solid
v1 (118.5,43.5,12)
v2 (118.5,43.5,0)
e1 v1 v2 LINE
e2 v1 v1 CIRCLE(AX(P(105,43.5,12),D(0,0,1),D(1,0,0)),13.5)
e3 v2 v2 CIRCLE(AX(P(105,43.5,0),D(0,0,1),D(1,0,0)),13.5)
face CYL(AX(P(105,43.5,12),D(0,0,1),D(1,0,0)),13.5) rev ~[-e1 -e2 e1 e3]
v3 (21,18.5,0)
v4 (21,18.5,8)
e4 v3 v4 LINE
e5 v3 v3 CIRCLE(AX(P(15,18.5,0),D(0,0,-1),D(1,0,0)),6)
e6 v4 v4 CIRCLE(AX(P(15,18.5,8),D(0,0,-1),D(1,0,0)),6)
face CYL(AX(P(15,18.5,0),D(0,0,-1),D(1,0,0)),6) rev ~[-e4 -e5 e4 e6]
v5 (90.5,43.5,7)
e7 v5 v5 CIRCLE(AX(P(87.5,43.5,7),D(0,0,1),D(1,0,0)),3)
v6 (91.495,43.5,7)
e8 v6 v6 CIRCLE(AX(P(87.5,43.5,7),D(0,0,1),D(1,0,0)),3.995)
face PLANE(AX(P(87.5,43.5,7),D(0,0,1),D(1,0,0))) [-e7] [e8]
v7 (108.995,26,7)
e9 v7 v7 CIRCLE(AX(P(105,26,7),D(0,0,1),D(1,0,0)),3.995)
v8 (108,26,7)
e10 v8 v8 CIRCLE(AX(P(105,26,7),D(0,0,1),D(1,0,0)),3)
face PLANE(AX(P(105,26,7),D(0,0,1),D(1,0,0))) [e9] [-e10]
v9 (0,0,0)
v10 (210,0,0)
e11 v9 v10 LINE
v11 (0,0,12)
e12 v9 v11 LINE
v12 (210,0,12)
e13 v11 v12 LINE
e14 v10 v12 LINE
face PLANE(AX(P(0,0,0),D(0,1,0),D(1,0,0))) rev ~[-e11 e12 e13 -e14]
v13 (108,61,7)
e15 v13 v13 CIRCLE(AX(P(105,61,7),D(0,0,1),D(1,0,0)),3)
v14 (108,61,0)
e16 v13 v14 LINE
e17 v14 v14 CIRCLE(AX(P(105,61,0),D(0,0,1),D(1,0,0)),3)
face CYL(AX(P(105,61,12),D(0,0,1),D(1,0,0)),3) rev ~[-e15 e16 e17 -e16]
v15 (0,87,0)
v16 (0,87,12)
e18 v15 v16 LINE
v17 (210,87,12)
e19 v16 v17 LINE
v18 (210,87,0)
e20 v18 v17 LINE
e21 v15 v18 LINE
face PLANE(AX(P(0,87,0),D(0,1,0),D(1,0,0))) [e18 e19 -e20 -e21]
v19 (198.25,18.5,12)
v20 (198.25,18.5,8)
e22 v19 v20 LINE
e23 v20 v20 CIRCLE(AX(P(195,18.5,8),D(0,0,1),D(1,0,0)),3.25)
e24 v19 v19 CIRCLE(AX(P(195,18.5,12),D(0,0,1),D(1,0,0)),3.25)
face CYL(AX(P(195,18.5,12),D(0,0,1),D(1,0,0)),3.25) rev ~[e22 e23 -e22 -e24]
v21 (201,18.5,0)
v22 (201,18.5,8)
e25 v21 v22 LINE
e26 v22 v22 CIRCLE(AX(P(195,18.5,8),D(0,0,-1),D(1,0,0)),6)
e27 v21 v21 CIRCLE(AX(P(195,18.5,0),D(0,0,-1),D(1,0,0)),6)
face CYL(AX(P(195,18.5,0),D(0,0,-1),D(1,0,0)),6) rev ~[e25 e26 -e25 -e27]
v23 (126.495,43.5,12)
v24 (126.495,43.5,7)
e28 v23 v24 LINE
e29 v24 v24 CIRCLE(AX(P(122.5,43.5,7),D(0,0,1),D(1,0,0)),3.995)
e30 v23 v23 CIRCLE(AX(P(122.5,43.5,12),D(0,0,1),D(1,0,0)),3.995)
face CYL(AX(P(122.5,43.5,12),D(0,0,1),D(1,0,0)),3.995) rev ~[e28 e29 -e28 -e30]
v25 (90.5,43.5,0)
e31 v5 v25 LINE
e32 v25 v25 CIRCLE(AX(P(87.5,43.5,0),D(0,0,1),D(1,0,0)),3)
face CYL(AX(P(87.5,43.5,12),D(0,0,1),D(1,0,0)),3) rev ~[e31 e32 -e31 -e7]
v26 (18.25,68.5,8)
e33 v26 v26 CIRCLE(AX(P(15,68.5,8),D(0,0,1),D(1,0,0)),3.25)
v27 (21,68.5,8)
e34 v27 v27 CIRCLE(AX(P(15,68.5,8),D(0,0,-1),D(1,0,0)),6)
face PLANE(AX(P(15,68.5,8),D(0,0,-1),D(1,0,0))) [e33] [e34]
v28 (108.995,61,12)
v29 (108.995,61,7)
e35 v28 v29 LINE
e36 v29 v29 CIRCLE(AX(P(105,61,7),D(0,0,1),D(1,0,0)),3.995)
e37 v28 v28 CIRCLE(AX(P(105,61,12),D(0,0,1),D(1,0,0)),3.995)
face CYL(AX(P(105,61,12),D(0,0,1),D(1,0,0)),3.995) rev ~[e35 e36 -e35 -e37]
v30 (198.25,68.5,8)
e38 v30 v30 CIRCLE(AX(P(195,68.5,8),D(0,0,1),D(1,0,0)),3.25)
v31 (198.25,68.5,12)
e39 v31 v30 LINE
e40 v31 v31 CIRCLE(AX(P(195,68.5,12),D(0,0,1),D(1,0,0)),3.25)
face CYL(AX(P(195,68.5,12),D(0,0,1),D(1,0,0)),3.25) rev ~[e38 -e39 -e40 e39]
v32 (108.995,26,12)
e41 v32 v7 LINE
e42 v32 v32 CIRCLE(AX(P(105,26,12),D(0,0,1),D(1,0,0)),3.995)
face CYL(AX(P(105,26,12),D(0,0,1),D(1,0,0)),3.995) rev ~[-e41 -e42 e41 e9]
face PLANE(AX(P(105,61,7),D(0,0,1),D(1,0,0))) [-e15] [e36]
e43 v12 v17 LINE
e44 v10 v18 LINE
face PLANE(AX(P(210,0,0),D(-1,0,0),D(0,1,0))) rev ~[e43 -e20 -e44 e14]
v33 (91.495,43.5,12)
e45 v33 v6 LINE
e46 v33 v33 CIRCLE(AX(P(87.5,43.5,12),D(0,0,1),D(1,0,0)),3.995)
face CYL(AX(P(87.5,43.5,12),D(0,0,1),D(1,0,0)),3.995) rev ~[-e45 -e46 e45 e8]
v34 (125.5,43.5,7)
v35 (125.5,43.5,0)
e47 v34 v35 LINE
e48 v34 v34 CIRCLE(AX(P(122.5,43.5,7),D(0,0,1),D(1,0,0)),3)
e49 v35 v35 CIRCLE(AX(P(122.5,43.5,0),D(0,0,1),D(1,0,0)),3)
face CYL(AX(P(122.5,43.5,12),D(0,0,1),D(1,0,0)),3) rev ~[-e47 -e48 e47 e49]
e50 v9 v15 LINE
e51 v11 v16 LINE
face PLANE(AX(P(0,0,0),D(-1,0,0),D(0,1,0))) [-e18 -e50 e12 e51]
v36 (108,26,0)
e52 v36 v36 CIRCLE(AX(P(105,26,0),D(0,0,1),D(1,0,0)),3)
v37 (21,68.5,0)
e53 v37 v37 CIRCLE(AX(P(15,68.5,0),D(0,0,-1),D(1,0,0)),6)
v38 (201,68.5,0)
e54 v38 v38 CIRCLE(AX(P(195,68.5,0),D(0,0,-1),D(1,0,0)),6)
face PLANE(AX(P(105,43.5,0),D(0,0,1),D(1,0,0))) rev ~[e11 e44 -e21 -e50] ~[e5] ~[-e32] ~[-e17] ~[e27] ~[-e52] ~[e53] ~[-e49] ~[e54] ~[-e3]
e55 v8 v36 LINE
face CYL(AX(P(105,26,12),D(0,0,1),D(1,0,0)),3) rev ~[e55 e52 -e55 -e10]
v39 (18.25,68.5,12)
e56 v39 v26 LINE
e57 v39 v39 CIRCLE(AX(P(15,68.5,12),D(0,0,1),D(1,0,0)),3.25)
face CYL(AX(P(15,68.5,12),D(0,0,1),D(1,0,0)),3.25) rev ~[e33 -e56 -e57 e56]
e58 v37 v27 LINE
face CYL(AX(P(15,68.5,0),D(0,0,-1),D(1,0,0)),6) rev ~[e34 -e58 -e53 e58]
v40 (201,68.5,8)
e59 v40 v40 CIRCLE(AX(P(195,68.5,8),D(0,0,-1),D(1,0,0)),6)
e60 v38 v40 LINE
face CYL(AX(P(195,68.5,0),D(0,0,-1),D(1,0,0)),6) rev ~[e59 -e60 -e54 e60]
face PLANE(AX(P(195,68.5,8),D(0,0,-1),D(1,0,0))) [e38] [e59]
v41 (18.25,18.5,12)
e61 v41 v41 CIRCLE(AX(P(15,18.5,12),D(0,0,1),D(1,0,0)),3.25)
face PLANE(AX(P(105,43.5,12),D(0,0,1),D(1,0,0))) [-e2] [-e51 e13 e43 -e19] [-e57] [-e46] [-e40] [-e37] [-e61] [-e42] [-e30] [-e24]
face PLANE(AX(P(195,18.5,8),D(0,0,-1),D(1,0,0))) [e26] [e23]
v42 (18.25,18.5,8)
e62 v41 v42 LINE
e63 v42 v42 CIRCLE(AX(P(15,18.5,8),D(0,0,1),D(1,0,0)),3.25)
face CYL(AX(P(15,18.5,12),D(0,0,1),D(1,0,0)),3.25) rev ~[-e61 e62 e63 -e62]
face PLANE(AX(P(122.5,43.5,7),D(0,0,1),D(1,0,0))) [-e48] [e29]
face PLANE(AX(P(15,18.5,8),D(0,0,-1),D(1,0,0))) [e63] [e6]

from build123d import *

# Parameters (mm, degrees)
F0_W      = 210
F0_H      = 87
F1_DEPTH  = 12
F2_R      = 3.25
F3_DEPTH  = 12.001
F4_R      = 13.5
F5_DEPTH  = 12.001
F6_R      = 3
F7_DEPTH  = 12.001
F8_R      = 3.995
F9_DEPTH  = 5
F10_R     = 6
F11_DEPTH = 8


with BuildPart() as f1:
    # F0 (on Top) → F1 (new body)
    with BuildSketch(Plane.XY):
        with Locations((105, 43.5)):
            Rectangle(F0_W, F0_H)
    extrude(amount=F1_DEPTH)

    # F2 (on face) → F3 (cut, through all)
    with BuildSketch(Plane.XY.offset(12)):
        with Locations((15, 68.5)):
            Circle(F2_R)
        with Locations((195, 68.5)):
            Circle(F2_R)
        with Locations((195, 18.5)):
            Circle(F2_R)
        with Locations((15, 18.5)):
            Circle(F2_R)
    extrude(amount=-F3_DEPTH, mode=Mode.SUBTRACT)

    # F4 (on face) → F5 (cut, through all)
    with BuildSketch(Plane.XY.offset(12)):
        with Locations((105, 43.5)):
            Circle(F4_R)
    extrude(amount=-F5_DEPTH, mode=Mode.SUBTRACT)

    # F6 (on face) → F7 (cut, through all)
    with BuildSketch(Plane.XY.offset(12)):
        with Locations((105, 61)):
            Circle(F6_R)
        with Locations((87.5, 43.5)):
            Circle(F6_R)
        with Locations((105, 26)):
            Circle(F6_R)
        with Locations((122.5, 43.5)):
            Circle(F6_R)
    extrude(amount=-F7_DEPTH, mode=Mode.SUBTRACT)

    # F8 (on face) → F9 (cut)
    with BuildSketch(Plane.XY.offset(12)):
        with Locations((105, 61)):
            Circle(F8_R)
        with Locations((87.5, 43.5)):
            Circle(F8_R)
        with Locations((105, 26)):
            Circle(F8_R)
        with Locations((122.5, 43.5)):
            Circle(F8_R)
    extrude(amount=-F9_DEPTH, mode=Mode.SUBTRACT)

    # F10 (on face) → F11 (cut)
    with BuildSketch(Plane(origin=(0, 0, 0), x_dir=(1, 0, 0), z_dir=(0, 0, -1))):
        with Locations((15, -18.5)):
            Circle(F10_R)
        with Locations((15, -68.5)):
            Circle(F10_R)
        with Locations((195, -18.5)):
            Circle(F10_R)
        with Locations((195, -68.5)):
            Circle(F10_R)
    extrude(amount=-F11_DEPTH, mode=Mode.SUBTRACT)


solid = f1.part
